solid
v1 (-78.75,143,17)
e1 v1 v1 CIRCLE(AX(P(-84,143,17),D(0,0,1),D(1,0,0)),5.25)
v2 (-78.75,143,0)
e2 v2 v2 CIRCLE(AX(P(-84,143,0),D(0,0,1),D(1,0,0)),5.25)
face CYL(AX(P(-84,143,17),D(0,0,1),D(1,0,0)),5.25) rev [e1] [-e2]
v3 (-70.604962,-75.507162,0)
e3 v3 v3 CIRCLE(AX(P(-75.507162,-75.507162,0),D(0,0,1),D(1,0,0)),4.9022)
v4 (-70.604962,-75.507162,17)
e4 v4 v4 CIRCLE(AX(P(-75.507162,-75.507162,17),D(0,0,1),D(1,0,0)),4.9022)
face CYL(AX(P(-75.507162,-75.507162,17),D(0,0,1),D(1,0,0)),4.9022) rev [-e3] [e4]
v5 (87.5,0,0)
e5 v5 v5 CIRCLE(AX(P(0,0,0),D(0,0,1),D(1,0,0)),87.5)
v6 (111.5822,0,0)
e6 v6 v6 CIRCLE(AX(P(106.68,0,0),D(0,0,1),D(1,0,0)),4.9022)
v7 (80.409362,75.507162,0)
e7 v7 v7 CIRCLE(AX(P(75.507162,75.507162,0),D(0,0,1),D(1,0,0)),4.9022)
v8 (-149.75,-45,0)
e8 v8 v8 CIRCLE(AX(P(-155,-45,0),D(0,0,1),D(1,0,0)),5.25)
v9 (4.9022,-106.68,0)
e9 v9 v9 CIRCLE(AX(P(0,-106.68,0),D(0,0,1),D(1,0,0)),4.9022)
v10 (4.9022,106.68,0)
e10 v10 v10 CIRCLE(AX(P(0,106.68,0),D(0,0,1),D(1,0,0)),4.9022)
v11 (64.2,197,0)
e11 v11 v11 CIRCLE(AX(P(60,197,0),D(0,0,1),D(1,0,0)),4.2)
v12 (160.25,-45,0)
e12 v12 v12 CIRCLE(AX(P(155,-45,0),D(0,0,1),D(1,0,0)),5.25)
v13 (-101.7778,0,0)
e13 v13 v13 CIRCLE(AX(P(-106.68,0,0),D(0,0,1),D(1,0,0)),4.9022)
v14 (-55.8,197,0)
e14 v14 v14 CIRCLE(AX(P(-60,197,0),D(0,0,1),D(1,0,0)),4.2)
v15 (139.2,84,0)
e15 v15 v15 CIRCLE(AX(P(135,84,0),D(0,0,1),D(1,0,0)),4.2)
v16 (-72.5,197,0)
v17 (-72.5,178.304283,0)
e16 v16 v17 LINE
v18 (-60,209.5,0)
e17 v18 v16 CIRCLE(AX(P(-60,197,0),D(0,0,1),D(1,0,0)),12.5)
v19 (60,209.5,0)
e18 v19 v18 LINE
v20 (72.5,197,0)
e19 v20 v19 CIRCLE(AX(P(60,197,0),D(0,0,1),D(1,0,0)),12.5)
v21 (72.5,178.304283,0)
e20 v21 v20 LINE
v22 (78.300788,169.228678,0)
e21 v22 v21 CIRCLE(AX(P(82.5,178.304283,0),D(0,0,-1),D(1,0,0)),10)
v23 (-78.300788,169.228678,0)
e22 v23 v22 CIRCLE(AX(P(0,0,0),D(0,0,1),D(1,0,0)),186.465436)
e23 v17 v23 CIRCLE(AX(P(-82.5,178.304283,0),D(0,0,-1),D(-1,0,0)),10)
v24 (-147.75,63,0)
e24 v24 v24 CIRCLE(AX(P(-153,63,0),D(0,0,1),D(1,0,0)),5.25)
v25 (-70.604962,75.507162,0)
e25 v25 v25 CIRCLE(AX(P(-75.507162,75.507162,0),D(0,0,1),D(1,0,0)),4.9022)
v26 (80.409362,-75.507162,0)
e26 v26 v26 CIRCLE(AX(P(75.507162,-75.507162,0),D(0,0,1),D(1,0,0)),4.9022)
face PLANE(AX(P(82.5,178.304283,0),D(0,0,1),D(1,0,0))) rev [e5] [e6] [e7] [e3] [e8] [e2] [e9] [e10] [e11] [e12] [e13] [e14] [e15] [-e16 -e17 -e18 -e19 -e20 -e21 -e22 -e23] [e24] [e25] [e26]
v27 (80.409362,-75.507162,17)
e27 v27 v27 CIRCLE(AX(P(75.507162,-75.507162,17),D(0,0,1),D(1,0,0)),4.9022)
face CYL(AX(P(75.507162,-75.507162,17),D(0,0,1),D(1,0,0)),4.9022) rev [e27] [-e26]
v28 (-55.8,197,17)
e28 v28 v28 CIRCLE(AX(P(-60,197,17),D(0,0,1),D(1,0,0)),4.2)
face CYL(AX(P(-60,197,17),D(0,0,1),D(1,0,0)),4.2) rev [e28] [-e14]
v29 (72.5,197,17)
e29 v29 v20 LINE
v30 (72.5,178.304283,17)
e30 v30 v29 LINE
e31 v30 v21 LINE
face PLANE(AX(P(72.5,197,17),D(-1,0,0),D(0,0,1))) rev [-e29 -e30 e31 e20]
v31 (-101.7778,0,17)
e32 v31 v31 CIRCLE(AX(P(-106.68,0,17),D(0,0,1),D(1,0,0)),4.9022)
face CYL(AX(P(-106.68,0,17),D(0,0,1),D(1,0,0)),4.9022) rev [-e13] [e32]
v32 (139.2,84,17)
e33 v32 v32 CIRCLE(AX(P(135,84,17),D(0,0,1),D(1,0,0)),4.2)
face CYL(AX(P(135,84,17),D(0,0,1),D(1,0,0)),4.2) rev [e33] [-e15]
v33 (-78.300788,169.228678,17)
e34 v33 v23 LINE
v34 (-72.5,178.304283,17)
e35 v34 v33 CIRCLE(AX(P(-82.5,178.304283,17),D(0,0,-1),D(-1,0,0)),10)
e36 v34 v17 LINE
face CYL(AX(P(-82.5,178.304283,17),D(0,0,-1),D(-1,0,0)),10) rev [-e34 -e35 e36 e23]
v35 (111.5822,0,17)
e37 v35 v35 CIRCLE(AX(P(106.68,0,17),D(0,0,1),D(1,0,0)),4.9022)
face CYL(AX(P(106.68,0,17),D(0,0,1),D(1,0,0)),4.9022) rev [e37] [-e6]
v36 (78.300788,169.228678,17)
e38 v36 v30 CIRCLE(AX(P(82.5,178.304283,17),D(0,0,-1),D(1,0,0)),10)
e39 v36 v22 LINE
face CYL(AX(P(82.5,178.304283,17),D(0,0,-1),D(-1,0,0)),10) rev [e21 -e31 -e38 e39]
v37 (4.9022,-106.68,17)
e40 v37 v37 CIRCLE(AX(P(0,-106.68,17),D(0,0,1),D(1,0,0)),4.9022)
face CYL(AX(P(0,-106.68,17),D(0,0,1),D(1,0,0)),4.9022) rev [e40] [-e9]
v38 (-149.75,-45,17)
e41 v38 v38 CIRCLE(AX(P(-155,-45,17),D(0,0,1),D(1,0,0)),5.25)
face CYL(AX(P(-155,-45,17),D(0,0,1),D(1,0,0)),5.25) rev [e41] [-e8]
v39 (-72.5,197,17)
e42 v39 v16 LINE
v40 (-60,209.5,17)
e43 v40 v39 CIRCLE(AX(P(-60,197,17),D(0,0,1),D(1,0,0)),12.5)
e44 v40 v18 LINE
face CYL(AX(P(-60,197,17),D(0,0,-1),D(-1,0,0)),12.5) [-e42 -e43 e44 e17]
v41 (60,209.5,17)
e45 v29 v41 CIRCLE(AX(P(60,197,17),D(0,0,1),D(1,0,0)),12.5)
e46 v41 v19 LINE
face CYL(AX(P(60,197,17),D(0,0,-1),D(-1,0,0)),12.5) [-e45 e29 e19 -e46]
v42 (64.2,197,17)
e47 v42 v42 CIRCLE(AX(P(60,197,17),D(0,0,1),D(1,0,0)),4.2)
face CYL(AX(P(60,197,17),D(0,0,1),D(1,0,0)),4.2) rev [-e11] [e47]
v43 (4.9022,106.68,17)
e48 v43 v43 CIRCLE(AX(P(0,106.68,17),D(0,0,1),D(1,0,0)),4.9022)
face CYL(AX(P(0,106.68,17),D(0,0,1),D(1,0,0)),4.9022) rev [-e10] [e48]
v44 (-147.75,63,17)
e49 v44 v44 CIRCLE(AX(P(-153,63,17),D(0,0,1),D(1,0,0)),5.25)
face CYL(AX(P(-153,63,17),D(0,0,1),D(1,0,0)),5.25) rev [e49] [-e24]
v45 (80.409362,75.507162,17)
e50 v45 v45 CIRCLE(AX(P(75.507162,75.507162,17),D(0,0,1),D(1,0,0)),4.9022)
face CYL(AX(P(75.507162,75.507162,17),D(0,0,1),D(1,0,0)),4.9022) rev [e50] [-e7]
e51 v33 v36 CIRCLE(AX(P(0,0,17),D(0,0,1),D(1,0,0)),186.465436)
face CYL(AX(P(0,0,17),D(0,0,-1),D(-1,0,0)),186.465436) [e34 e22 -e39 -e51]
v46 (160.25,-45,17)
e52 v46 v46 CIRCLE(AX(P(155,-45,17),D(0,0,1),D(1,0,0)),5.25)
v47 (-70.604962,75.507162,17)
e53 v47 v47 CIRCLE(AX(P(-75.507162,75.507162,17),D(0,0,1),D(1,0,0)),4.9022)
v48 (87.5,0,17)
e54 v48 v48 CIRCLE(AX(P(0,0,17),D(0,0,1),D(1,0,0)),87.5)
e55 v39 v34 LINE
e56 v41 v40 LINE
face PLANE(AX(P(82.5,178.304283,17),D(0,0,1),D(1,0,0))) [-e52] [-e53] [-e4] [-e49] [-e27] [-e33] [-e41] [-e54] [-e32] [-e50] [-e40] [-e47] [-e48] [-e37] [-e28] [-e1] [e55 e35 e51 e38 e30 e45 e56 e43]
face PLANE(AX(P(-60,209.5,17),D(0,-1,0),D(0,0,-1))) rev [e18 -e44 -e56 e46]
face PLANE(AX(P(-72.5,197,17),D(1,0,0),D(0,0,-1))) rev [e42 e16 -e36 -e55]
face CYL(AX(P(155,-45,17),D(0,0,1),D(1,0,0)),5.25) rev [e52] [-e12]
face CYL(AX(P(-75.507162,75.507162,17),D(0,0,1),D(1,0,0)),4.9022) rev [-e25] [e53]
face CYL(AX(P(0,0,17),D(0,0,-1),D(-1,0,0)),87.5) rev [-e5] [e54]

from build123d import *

# Parameters (mm, degrees)
SKETCH1_R                   = 4.5
SKETCH1_R_2                 = 4
SKETCH1_R_3                 = 3.5
SKETCH1_R_4                 = 87.5
BOSS_EXTRUDE1_DEPTH         = 17
F_3_8_CLEARANCE_HOLE1_D     = 9.8044
F_3_8_CLEARANCE_HOLE1_DEPTH = 51.26
F_3_8_CLEARANCE_HOLE1_TIP   = 2.945538927
M10_CLEARANCE_HOLE1_D       = 10.5
M10_CLEARANCE_HOLE1_DEPTH   = 51.26
M10_CLEARANCE_HOLE1_TIP     = 3.15451825
M8_CLEARANCE_HOLE1_D        = 8.4
M8_CLEARANCE_HOLE1_DEPTH    = 51.26
M8_CLEARANCE_HOLE1_TIP      = 2.5236146


with BuildPart() as part:
    # Sketch1 → Boss-Extrude1 (new body)
    with BuildSketch(Plane.XY):
        with BuildLine():
            Line((-60, 209.5), (60, 209.5))
            ThreePointArc((60, 209.5), (68.838834765, 205.838834765), (72.5, 197))
            Line((72.5, 197), (72.5, 178.304283367))
            ThreePointArc((72.5, 178.304283367), (74.07408405, 172.918752715), (78.30078808, 169.228677643))
            ThreePointArc((78.30078808, 169.228677643), (0, -186.465435807), (-78.30078808, 169.228677643))
            ThreePointArc((-78.30078808, 169.228677643), (-74.07408405, 172.918752715), (-72.5, 178.304283367))
            Line((-72.5, 178.304283367), (-72.5, 197))
            ThreePointArc((-72.5, 197), (-68.838834765, 205.838834765), (-60, 209.5))
        make_face()
        with Locations((-84, 143)):
            Circle(SKETCH1_R, mode=Mode.SUBTRACT)
        with Locations((-60, 197)):
            Circle(SKETCH1_R_2, mode=Mode.SUBTRACT)
        with Locations((60, 197)):
            Circle(SKETCH1_R_3, mode=Mode.SUBTRACT)
        with Locations((135, 84)):
            Circle(SKETCH1_R_3, mode=Mode.SUBTRACT)
        with Locations((155, -45)):
            Circle(SKETCH1_R, mode=Mode.SUBTRACT)
        with Locations((-155, -45)):
            Circle(SKETCH1_R, mode=Mode.SUBTRACT)
        Circle(SKETCH1_R_4, mode=Mode.SUBTRACT)
        with Locations((-153, 63)):
            Circle(SKETCH1_R, mode=Mode.SUBTRACT)
    extrude(amount=BOSS_EXTRUDE1_DEPTH)

    # 3/8 Clearance Hole1
    with Locations(Plane(origin=(75.50716213, 75.50716213, 17), x_dir=(1, 0, 0), z_dir=(0, 0, 1))):
        with Locations((0, 0), (0, -151.01432426), (-151.01432426, -151.01432426), (-151.01432426, 0), (-75.50716213, 31.17283787), (31.17283787, -75.50716213), (-182.18716213, -75.50716213), (-75.50716213, -182.18716213)):
            Hole(F_3_8_CLEARANCE_HOLE1_D / 2, depth=F_3_8_CLEARANCE_HOLE1_DEPTH)
            with Locations((0, 0, -(F_3_8_CLEARANCE_HOLE1_DEPTH + F_3_8_CLEARANCE_HOLE1_TIP / 2))):  # 118° drill point
                Cone(0, F_3_8_CLEARANCE_HOLE1_D / 2, F_3_8_CLEARANCE_HOLE1_TIP, mode=Mode.SUBTRACT)

    # M10 Clearance Hole1
    with Locations(Plane(origin=(155, -45, 17), x_dir=(1, 0, 0), z_dir=(0, 0, 1))):
        with Locations((0, 0), (-310, 0), (-308, 108), (-239, 188)):
            Hole(M10_CLEARANCE_HOLE1_D / 2, depth=M10_CLEARANCE_HOLE1_DEPTH)
            with Locations((0, 0, -(M10_CLEARANCE_HOLE1_DEPTH + M10_CLEARANCE_HOLE1_TIP / 2))):  # 118° drill point
                Cone(0, M10_CLEARANCE_HOLE1_D / 2, M10_CLEARANCE_HOLE1_TIP, mode=Mode.SUBTRACT)

    # M8 Clearance Hole1
    with Locations(Plane(origin=(-60, 197, 17), x_dir=(1, 0, 0), z_dir=(0, 0, 1))):
        with Locations((0, 0), (120, 0), (195, -113)):
            Hole(M8_CLEARANCE_HOLE1_D / 2, depth=M8_CLEARANCE_HOLE1_DEPTH)
            with Locations((0, 0, -(M8_CLEARANCE_HOLE1_DEPTH + M8_CLEARANCE_HOLE1_TIP / 2))):  # 118° drill point
                Cone(0, M8_CLEARANCE_HOLE1_D / 2, M8_CLEARANCE_HOLE1_TIP, mode=Mode.SUBTRACT)


solid = part.part
